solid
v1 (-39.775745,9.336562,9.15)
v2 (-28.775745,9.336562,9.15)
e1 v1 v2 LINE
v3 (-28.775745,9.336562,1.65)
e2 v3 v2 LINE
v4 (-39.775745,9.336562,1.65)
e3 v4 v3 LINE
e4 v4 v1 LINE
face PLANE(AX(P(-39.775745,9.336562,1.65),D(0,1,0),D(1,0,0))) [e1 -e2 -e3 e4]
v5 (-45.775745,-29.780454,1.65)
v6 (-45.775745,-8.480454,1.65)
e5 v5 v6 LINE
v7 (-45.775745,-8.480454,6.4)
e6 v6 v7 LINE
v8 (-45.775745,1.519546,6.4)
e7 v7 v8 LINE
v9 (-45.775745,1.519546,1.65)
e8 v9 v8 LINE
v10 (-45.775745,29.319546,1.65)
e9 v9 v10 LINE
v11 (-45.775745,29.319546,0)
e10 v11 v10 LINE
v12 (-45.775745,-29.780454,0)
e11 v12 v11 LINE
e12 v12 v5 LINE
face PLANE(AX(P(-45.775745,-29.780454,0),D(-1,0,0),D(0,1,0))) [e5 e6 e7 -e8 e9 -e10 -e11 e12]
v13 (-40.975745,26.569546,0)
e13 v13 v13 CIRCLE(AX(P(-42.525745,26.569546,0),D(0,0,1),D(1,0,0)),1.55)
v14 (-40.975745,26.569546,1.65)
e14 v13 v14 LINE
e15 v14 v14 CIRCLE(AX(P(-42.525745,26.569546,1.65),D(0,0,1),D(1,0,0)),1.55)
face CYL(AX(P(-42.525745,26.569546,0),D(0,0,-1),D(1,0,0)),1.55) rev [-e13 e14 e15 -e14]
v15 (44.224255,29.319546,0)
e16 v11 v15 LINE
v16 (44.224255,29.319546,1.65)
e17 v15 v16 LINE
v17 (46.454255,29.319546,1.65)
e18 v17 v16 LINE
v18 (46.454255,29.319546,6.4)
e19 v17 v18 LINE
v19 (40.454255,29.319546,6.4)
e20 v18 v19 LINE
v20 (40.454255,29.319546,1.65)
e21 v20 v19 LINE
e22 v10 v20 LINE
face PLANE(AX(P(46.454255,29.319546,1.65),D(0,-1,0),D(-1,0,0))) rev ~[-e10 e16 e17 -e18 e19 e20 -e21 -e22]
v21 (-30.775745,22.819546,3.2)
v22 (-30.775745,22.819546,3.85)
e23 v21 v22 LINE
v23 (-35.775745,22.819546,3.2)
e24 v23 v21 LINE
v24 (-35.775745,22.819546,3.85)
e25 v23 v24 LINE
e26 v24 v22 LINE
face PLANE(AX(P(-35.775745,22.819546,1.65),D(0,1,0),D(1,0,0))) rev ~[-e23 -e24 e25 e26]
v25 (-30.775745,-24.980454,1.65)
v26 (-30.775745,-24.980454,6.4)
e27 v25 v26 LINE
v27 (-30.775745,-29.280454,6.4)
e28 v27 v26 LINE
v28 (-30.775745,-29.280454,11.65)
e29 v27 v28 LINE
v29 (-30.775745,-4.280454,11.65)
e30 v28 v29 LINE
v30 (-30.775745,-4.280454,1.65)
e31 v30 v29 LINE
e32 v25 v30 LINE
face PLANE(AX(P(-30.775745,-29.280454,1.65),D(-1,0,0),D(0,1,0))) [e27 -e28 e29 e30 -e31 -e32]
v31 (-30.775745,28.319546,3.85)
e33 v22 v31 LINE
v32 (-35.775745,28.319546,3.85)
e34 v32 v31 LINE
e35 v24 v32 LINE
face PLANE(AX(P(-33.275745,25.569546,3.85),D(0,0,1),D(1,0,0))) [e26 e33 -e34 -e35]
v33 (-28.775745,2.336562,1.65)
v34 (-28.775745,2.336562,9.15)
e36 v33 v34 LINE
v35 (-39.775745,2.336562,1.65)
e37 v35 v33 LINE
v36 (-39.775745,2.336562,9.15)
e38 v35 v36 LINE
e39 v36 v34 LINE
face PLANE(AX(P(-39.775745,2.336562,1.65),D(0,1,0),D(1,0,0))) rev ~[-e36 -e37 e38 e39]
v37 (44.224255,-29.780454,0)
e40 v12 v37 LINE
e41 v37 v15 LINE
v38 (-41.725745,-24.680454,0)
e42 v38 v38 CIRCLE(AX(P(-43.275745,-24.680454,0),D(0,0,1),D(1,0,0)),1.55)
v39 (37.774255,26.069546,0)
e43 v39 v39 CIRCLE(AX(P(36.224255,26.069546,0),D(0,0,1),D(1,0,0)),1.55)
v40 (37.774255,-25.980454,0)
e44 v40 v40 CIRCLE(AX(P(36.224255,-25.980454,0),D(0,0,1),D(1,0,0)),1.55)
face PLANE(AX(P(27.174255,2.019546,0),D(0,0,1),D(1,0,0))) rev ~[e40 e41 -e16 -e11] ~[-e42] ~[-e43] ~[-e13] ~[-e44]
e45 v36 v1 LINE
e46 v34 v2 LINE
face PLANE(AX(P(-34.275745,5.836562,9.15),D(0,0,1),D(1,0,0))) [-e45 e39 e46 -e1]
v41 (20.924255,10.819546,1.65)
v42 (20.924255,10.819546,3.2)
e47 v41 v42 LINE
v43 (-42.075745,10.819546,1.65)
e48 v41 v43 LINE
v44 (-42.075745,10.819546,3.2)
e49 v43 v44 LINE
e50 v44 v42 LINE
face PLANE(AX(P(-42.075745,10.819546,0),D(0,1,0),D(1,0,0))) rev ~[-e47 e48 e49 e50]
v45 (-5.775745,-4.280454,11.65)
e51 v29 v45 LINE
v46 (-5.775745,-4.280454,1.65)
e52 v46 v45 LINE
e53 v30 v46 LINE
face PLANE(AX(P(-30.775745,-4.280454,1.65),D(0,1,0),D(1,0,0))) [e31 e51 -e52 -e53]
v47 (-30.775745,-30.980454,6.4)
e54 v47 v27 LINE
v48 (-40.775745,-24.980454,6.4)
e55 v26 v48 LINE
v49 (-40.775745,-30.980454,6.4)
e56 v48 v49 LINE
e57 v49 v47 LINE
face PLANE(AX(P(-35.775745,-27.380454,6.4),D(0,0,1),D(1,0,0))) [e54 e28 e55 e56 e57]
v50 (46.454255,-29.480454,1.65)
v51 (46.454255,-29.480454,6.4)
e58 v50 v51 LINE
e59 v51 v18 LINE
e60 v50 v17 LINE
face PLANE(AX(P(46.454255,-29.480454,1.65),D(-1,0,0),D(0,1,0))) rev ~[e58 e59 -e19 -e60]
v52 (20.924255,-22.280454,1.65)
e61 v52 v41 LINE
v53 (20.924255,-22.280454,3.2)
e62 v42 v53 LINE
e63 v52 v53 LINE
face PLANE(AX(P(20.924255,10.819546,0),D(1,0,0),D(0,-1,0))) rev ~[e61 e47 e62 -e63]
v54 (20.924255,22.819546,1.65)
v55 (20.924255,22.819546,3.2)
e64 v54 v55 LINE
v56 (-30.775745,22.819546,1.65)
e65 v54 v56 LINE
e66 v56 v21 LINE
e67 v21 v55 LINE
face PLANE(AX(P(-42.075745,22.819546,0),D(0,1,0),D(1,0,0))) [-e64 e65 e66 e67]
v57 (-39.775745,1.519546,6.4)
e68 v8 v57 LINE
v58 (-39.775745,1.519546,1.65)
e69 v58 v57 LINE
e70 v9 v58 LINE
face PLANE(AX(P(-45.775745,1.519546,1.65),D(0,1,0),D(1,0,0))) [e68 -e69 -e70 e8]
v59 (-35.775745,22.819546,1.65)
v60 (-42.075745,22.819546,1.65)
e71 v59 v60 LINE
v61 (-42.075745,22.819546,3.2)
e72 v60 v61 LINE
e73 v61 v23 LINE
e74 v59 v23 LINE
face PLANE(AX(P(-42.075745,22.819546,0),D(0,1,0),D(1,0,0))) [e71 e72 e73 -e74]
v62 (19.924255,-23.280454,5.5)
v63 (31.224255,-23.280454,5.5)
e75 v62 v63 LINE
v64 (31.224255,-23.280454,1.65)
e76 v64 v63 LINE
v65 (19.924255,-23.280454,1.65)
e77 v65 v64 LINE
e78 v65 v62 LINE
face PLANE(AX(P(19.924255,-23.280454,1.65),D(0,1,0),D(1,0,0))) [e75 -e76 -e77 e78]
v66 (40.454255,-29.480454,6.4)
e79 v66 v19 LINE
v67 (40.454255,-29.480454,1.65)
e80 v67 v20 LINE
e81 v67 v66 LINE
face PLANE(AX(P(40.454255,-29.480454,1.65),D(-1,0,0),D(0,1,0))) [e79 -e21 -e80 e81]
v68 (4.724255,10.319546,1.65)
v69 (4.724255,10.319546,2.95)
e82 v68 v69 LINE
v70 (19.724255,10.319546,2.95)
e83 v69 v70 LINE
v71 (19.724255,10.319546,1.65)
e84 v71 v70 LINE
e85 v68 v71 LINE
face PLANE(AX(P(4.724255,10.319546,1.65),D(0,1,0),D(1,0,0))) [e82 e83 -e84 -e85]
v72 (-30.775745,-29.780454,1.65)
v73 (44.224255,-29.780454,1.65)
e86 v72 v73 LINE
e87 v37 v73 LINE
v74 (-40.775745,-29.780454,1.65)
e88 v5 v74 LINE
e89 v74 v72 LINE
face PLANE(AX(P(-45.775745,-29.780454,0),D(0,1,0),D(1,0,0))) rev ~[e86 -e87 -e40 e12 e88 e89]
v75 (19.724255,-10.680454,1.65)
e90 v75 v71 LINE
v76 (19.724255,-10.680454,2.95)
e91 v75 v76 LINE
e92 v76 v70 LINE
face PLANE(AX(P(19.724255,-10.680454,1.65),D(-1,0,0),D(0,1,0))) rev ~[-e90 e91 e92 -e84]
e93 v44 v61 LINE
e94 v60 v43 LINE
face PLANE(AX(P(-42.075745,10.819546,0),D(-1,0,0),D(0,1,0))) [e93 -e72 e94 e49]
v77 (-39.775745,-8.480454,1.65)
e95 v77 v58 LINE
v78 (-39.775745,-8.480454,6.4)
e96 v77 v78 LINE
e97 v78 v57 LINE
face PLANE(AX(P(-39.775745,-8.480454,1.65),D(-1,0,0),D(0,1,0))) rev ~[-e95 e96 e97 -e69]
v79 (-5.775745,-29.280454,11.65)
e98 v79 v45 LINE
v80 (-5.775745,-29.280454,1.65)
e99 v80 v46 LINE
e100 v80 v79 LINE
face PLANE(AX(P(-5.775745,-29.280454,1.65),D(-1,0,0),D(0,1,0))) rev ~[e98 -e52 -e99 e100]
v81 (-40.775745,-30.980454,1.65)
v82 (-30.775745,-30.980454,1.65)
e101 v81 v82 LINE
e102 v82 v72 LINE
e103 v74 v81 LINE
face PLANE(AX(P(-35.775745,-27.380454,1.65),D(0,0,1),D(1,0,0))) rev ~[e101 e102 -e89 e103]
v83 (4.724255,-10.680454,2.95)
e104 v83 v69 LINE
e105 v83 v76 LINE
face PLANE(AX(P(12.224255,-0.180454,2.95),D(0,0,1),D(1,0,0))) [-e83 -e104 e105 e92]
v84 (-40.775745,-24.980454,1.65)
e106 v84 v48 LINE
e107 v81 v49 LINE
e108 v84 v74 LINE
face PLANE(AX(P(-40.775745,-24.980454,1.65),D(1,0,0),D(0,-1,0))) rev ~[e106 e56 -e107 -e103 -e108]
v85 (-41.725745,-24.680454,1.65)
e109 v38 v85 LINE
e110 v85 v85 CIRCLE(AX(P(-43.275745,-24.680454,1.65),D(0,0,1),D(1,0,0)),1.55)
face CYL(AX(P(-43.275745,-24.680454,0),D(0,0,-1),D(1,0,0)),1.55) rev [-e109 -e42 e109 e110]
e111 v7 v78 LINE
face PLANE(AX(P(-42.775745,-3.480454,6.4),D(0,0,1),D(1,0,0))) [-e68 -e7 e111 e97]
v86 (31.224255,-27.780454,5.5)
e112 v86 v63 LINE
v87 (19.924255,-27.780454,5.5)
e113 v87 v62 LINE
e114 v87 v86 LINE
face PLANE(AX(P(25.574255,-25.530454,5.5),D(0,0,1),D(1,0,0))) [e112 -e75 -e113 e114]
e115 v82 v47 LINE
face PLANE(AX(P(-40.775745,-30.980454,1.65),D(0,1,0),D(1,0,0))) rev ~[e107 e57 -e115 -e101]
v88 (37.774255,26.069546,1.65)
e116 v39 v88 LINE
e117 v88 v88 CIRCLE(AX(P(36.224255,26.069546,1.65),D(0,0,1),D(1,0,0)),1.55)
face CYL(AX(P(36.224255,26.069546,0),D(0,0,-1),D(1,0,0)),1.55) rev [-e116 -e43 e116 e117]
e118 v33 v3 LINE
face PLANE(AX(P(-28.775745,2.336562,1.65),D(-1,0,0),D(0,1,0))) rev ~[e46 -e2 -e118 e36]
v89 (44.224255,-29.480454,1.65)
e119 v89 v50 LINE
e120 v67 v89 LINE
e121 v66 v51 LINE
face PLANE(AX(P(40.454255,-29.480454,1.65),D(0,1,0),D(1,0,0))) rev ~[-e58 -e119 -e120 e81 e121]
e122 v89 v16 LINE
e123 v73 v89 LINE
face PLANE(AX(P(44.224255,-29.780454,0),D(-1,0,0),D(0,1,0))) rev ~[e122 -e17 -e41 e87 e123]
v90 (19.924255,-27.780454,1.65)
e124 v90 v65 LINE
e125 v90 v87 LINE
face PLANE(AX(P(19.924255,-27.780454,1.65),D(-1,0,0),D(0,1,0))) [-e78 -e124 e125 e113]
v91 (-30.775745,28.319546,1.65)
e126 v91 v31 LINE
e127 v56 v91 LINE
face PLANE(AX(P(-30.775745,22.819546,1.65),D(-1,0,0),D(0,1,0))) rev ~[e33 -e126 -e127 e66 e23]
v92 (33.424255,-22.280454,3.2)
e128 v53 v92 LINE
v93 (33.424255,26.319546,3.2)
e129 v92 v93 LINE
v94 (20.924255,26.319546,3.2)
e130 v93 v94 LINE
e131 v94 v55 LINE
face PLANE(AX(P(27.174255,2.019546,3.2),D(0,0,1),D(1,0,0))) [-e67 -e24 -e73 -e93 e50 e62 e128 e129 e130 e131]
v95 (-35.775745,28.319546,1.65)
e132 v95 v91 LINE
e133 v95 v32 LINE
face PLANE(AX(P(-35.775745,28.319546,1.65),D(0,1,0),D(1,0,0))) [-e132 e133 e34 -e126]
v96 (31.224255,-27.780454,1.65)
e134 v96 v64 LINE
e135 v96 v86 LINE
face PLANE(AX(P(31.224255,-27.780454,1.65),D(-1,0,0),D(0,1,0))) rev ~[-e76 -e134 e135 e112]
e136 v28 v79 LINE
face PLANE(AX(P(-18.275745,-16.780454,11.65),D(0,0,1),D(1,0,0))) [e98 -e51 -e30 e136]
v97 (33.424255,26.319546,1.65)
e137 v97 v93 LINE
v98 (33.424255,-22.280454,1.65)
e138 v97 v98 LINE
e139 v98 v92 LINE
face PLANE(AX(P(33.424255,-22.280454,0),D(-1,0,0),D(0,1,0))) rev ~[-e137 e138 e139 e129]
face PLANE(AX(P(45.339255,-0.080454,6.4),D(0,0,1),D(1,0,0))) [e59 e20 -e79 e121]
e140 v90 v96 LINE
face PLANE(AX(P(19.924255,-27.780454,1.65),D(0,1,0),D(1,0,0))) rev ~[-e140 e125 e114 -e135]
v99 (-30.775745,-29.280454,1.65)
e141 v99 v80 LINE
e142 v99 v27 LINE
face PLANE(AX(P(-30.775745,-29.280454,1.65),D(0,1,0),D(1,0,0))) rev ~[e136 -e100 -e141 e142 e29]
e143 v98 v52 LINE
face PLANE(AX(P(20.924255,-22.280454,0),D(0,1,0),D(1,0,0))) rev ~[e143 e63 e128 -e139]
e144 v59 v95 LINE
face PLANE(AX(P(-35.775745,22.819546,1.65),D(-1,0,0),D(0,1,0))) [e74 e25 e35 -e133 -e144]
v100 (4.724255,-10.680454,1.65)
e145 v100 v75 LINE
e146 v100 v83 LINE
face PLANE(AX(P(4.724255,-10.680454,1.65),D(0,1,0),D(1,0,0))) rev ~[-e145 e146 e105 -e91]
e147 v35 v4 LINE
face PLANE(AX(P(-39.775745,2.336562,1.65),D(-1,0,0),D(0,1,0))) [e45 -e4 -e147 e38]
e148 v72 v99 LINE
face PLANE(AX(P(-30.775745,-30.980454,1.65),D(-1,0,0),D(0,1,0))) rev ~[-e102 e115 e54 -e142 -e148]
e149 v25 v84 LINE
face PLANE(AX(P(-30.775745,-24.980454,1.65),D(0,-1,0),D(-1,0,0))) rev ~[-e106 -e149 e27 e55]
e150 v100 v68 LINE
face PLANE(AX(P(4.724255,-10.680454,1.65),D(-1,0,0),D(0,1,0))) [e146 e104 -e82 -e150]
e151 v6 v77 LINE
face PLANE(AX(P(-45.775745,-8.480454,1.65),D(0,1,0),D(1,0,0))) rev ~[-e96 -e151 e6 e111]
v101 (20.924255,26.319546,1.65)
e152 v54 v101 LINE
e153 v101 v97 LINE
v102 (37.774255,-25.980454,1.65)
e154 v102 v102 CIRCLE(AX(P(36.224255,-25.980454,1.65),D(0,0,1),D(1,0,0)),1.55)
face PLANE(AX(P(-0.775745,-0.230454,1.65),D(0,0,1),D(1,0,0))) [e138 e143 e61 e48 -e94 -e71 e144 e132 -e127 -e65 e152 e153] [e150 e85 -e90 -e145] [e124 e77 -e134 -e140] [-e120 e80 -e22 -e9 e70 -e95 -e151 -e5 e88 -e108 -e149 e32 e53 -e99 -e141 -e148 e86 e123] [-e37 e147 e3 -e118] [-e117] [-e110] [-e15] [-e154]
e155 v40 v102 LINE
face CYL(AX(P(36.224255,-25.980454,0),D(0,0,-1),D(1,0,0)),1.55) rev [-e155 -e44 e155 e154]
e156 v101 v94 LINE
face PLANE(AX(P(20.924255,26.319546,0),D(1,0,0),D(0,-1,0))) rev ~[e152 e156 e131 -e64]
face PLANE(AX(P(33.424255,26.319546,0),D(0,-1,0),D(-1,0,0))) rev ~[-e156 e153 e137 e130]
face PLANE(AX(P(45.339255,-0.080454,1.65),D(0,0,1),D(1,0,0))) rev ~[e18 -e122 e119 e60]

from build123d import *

# Parameters (mm, degrees)
F0_W      = 90
F0_H      = 59.1
F0_R      = 1.55
F1_DEPTH  = 1.65
F2_W      = 63
F2_H      = 12
F3_DEPTH  = 3.2
F4_W      = 5
F4_H      = 5.5
F5_DEPTH  = 2.2
F6_W      = 2.23
F6_H      = 58.8
F6_W_2    = 3.77
F7_DEPTH  = 4.75
F8_W      = 15
F8_H      = 21
F9_DEPTH  = 1.3
F10_W     = 11.3
F10_H     = 4.5
F11_DEPTH = 3.85
F12_W     = 11
F12_H     = 7
F13_DEPTH = 7.5
F14_W     = 25
F14_H     = 25
F15_DEPTH = 10
F16_W     = 6
F16_H     = 10
F16_W_2   = 10
F16_H_2   = 1.2
F17_DEPTH = 4.75


with BuildPart() as f1:
    # F0 (on Top) → F1 (new body)
    with BuildSketch(Plane.XY):
        with Locations((-0.775745, -0.230454)):
            Rectangle(F0_W, F0_H)
        with Locations((-43.275745, -24.680454)):
            Circle(F0_R, mode=Mode.SUBTRACT)
        with Locations((36.224255, -25.980454)):
            Circle(F0_R, mode=Mode.SUBTRACT)
        with Locations((-42.525745, 26.569546)):
            Circle(F0_R, mode=Mode.SUBTRACT)
        with Locations((36.224255, 26.069546)):
            Circle(F0_R, mode=Mode.SUBTRACT)
    extrude(amount=F1_DEPTH)

    # F2 (on Top) → F3 (join)
    with BuildSketch(Plane.XY):
        Polygon((20.924255, -22.280454), (33.424255, -22.280454), (33.424255, 26.319546), (20.924255, 26.319546), (20.924255, 22.819546), (20.924255, 10.819546), align=None)
        with Locations((-10.575745, 16.819546)):
            Rectangle(F2_W, F2_H)
    extrude(amount=F3_DEPTH)

    # F4 (on face) → F5 (join)
    with BuildSketch(Plane.XY.offset(1.65)):
        with Locations((-33.275745, 25.569546)):
            Rectangle(F4_W, F4_H)
    extrude(amount=F5_DEPTH)

    # F6 (on face) → F7 (join)
    with BuildSketch(Plane.XY.offset(1.65)):
        with Locations((45.339255, -0.080454)):
            Rectangle(F6_W, F6_H)
        with Locations((42.339255, -0.080454)):
            Rectangle(F6_W_2, F6_H)
    extrude(amount=F7_DEPTH)

    # F8 (on face) → F9 (join)
    with BuildSketch(Plane.XY.offset(1.65)):
        with Locations((12.224255, -0.180454)):
            Rectangle(F8_W, F8_H)
    extrude(amount=F9_DEPTH)

    # F10 (on face) → F11 (join)
    with BuildSketch(Plane.XY.offset(1.65)):
        with Locations((25.574255, -25.530454)):
            Rectangle(F10_W, F10_H)
    extrude(amount=F11_DEPTH)

    # F12 (on face) → F13 (join)
    with BuildSketch(Plane.XY.offset(1.65)):
        with Locations((-34.275745, 5.836562)):
            Rectangle(F12_W, F12_H)
    extrude(amount=F13_DEPTH)

    # F14 (on face) → F15 (join)
    with BuildSketch(Plane.XY.offset(1.65)):
        with Locations((-18.275745, -16.780454)):
            Rectangle(F14_W, F14_H)
    extrude(amount=F15_DEPTH)

    # F16 (on face) → F17 (join)
    with BuildSketch(Plane.XY.offset(1.65)):
        with Locations((-42.775745, -3.480454)):
            Rectangle(F16_W, F16_H)
        Polygon((-40.775745, -24.980454), (-40.775745, -29.780454), (-30.775745, -29.780454), (-30.775745, -29.280454), (-30.775745, -24.980454), align=None)
        with Locations((-35.775745, -30.380454)):
            Rectangle(F16_W_2, F16_H_2)
    extrude(amount=F17_DEPTH)


solid = f1.part
